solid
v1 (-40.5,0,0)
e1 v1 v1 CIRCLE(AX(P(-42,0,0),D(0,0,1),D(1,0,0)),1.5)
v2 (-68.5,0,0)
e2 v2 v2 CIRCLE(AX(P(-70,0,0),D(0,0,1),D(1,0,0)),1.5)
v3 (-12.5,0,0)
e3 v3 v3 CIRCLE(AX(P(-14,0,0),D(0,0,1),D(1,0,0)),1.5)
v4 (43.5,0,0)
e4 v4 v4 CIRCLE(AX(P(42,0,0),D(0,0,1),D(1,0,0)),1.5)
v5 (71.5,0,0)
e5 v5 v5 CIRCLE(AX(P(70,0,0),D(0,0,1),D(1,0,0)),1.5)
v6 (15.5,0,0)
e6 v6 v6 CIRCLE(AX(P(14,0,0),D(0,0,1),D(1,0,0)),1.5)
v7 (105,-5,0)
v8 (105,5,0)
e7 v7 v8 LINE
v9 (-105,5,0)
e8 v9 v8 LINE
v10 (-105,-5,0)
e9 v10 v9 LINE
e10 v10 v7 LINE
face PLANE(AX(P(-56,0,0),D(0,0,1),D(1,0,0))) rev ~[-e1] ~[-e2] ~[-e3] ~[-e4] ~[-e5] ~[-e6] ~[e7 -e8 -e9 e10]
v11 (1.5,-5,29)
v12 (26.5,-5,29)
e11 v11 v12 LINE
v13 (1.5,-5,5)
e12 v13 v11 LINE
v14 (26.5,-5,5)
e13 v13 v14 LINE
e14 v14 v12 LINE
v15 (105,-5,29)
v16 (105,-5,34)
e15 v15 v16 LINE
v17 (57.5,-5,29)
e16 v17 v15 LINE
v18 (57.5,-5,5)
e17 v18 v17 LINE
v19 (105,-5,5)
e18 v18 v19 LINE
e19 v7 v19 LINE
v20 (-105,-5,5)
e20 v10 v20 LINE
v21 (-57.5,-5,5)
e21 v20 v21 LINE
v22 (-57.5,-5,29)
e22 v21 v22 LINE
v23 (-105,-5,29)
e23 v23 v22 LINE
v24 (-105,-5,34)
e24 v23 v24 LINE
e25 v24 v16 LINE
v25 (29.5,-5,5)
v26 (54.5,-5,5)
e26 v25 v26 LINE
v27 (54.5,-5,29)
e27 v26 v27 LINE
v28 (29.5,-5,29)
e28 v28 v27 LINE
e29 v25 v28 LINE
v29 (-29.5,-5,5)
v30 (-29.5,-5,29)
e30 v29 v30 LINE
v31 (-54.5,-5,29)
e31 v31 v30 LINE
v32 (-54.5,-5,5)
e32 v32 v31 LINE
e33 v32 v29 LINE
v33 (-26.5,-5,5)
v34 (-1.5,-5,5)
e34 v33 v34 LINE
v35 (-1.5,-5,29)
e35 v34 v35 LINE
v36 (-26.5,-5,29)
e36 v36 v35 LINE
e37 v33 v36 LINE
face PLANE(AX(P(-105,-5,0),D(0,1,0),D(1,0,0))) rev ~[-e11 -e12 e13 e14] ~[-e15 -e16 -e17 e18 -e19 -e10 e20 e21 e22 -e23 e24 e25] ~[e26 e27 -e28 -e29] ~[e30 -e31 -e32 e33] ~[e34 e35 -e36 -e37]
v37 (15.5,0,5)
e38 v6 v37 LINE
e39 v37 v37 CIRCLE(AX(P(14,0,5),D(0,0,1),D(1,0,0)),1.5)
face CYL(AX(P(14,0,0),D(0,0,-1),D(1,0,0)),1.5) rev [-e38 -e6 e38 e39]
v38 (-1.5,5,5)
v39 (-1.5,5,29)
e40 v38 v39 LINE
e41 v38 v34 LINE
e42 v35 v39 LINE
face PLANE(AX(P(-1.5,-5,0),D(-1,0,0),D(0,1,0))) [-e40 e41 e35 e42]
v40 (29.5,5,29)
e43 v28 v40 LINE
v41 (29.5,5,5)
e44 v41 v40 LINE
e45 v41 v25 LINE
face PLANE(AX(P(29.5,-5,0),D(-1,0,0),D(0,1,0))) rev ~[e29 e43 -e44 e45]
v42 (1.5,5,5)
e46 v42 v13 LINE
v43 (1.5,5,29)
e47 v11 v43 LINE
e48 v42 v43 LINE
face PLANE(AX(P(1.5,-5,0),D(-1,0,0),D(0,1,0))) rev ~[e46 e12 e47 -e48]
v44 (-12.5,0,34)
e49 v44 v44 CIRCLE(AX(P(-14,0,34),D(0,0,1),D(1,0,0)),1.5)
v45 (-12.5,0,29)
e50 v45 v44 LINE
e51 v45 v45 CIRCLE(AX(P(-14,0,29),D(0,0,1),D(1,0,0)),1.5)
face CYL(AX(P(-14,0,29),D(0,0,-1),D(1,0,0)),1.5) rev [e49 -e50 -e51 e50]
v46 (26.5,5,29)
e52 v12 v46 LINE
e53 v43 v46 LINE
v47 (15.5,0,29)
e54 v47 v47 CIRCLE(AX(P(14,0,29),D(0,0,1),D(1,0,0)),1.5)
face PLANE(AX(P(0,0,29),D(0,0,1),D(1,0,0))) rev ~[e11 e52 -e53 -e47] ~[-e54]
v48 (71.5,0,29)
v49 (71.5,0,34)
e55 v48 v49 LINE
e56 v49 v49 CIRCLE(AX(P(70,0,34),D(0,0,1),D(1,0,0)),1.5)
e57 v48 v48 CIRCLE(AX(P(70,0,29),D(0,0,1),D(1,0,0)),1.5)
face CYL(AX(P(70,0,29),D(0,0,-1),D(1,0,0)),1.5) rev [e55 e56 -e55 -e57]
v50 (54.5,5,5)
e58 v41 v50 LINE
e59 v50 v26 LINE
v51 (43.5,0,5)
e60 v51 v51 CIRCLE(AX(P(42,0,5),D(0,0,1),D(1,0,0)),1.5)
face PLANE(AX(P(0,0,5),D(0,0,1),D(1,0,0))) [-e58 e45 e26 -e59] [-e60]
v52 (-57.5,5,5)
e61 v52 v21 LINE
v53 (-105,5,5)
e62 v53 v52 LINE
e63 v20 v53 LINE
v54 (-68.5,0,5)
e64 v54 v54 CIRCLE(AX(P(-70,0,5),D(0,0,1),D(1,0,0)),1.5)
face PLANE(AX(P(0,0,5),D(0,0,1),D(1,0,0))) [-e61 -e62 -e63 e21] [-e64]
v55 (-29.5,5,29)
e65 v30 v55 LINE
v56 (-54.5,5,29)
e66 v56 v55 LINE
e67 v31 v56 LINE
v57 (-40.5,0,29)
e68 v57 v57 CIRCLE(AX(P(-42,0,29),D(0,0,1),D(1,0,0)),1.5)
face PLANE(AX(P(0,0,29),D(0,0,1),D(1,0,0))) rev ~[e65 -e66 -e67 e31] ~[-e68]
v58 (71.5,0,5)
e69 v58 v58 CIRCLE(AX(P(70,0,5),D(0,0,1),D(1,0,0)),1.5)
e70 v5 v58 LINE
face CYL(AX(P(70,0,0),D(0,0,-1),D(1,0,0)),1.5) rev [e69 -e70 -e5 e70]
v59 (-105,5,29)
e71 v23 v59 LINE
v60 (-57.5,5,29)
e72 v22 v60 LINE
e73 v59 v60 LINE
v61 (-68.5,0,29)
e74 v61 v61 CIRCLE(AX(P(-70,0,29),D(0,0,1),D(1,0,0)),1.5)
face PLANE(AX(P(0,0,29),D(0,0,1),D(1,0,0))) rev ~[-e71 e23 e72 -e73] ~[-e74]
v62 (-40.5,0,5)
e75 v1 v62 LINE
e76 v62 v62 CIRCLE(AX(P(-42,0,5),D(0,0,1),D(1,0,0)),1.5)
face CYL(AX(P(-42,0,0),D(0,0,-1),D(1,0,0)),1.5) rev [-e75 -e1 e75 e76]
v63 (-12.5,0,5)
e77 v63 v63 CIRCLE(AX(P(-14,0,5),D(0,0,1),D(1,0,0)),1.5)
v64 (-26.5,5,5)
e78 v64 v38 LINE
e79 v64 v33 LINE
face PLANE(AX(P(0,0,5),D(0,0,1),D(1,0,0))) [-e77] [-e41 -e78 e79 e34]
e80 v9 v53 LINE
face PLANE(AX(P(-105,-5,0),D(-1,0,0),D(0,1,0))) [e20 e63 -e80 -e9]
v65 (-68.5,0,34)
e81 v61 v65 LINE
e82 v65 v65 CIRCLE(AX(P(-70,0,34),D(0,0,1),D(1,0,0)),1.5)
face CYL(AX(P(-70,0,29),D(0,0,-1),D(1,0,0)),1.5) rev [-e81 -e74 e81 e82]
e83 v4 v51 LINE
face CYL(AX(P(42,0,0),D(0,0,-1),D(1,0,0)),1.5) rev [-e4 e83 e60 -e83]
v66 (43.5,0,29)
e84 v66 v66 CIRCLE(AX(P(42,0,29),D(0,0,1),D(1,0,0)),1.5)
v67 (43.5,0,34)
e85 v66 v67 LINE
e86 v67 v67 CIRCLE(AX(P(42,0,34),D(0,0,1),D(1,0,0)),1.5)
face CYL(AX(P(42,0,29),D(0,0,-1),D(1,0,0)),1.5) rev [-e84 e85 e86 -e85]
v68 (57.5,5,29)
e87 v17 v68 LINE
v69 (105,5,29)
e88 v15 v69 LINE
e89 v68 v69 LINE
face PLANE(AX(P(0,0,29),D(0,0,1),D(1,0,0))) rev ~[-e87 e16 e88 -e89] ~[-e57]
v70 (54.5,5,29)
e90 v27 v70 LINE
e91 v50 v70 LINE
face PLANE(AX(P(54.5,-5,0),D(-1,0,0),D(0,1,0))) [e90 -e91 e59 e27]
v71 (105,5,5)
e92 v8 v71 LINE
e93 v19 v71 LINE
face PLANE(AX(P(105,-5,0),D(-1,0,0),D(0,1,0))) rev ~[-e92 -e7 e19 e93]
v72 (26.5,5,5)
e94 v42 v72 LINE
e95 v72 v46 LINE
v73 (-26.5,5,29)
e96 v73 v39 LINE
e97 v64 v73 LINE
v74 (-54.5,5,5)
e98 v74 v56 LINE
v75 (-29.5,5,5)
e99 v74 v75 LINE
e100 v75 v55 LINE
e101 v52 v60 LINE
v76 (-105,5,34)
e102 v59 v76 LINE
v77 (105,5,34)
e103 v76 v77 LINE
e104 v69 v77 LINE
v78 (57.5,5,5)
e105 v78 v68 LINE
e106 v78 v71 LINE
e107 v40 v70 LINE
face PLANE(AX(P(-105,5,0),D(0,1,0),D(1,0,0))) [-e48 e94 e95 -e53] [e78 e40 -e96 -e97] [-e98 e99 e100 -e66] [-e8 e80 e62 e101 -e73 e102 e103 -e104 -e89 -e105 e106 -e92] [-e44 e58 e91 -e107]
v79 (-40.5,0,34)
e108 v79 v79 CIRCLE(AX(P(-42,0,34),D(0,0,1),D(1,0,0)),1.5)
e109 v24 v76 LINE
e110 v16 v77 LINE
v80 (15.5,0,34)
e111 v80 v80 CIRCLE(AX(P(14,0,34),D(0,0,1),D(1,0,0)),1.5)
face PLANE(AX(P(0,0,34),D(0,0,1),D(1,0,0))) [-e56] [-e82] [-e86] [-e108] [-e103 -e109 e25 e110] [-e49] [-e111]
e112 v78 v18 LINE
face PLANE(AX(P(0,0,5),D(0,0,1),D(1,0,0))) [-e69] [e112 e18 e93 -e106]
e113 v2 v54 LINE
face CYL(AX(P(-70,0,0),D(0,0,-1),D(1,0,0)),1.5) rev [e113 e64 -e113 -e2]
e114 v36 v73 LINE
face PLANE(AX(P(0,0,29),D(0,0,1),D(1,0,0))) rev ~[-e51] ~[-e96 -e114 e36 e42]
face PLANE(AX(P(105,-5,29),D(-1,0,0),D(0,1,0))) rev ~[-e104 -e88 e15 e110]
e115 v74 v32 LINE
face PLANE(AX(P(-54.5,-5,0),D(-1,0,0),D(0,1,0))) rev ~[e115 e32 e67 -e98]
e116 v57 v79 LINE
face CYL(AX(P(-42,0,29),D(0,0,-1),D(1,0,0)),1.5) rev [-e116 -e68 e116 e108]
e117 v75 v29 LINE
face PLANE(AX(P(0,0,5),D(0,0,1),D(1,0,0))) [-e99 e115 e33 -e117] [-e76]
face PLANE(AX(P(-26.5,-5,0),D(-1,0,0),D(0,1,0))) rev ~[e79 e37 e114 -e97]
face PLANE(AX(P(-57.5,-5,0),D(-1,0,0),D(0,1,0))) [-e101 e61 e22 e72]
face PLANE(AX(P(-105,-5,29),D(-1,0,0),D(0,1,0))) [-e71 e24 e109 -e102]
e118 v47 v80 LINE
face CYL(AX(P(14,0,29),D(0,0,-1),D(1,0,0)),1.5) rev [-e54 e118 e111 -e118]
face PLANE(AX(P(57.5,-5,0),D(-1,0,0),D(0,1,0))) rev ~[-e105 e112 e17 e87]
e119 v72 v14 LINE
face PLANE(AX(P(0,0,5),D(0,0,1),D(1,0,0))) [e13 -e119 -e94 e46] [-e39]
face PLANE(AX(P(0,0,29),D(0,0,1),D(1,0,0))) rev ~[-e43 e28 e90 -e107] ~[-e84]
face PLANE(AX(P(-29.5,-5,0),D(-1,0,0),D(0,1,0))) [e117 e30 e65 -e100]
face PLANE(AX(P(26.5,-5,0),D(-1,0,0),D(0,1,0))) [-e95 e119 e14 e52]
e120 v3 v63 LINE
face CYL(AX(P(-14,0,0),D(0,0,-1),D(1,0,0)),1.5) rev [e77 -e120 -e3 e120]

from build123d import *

# Parameters (mm, degrees)
SKETCH_1_W      = 210
SKETCH_1_H      = 10
SKETCH_1_R      = 1.5
EXTRUDE_1_DEPTH = 5
EXTRUDE_START   = 29
SKETCH_1_3_W    = 210
SKETCH_1_3_H    = 10
SKETCH_1_3_R    = 1.5
EXTRUDE_2_DEPTH = 5
SKETCH_1_4_W    = 3
SKETCH_1_4_H    = 10
EXTRUDE_3_DEPTH = 29


with BuildPart() as part:
    # 草图1 → 凸台-拉伸1 (new body)
    with BuildSketch(Plane.XY):
        Rectangle(SKETCH_1_W, SKETCH_1_H)
        with Locations((-70, 0)):
            Circle(SKETCH_1_R, mode=Mode.SUBTRACT)
        with Locations((-42, 0)):
            Circle(SKETCH_1_R, mode=Mode.SUBTRACT)
        with Locations((-14, 0)):
            Circle(SKETCH_1_R, mode=Mode.SUBTRACT)
        with Locations((14, 0)):
            Circle(SKETCH_1_R, mode=Mode.SUBTRACT)
        with Locations((42, 0)):
            Circle(SKETCH_1_R, mode=Mode.SUBTRACT)
        with Locations((70, 0)):
            Circle(SKETCH_1_R, mode=Mode.SUBTRACT)
    extrude(amount=EXTRUDE_1_DEPTH)



with BuildPart() as body_2:
    # 草图1<3> → 凸台-拉伸2 (new body)
    with BuildSketch(Plane.XY.offset(EXTRUDE_START)):
        Rectangle(SKETCH_1_3_W, SKETCH_1_3_H)
        with Locations((-70, 0)):
            Circle(SKETCH_1_3_R, mode=Mode.SUBTRACT)
        with Locations((-42, 0)):
            Circle(SKETCH_1_3_R, mode=Mode.SUBTRACT)
        with Locations((-14, 0)):
            Circle(SKETCH_1_3_R, mode=Mode.SUBTRACT)
        with Locations((14, 0)):
            Circle(SKETCH_1_3_R, mode=Mode.SUBTRACT)
        with Locations((42, 0)):
            Circle(SKETCH_1_3_R, mode=Mode.SUBTRACT)
        with Locations((70, 0)):
            Circle(SKETCH_1_3_R, mode=Mode.SUBTRACT)
    extrude(amount=EXTRUDE_2_DEPTH)


with BuildPart() as part_1:
    add(part.part)

    add(body_2.part)  # 凸台-拉伸3 merges body 2
    # 草图1<4> → 凸台-拉伸3 (add)
    with BuildSketch(Plane.XY):
        with Locations((-56, 0)):
            Rectangle(SKETCH_1_4_W, SKETCH_1_4_H)
        with Locations((-28, 0)):
            Rectangle(SKETCH_1_4_W, SKETCH_1_4_H)
        Rectangle(SKETCH_1_4_W, SKETCH_1_4_H)
        with Locations((28, 0)):
            Rectangle(SKETCH_1_4_W, SKETCH_1_4_H)
        with Locations((56, 0)):
            Rectangle(SKETCH_1_4_W, SKETCH_1_4_H)
    extrude(amount=EXTRUDE_3_DEPTH)


solid = part_1.part
